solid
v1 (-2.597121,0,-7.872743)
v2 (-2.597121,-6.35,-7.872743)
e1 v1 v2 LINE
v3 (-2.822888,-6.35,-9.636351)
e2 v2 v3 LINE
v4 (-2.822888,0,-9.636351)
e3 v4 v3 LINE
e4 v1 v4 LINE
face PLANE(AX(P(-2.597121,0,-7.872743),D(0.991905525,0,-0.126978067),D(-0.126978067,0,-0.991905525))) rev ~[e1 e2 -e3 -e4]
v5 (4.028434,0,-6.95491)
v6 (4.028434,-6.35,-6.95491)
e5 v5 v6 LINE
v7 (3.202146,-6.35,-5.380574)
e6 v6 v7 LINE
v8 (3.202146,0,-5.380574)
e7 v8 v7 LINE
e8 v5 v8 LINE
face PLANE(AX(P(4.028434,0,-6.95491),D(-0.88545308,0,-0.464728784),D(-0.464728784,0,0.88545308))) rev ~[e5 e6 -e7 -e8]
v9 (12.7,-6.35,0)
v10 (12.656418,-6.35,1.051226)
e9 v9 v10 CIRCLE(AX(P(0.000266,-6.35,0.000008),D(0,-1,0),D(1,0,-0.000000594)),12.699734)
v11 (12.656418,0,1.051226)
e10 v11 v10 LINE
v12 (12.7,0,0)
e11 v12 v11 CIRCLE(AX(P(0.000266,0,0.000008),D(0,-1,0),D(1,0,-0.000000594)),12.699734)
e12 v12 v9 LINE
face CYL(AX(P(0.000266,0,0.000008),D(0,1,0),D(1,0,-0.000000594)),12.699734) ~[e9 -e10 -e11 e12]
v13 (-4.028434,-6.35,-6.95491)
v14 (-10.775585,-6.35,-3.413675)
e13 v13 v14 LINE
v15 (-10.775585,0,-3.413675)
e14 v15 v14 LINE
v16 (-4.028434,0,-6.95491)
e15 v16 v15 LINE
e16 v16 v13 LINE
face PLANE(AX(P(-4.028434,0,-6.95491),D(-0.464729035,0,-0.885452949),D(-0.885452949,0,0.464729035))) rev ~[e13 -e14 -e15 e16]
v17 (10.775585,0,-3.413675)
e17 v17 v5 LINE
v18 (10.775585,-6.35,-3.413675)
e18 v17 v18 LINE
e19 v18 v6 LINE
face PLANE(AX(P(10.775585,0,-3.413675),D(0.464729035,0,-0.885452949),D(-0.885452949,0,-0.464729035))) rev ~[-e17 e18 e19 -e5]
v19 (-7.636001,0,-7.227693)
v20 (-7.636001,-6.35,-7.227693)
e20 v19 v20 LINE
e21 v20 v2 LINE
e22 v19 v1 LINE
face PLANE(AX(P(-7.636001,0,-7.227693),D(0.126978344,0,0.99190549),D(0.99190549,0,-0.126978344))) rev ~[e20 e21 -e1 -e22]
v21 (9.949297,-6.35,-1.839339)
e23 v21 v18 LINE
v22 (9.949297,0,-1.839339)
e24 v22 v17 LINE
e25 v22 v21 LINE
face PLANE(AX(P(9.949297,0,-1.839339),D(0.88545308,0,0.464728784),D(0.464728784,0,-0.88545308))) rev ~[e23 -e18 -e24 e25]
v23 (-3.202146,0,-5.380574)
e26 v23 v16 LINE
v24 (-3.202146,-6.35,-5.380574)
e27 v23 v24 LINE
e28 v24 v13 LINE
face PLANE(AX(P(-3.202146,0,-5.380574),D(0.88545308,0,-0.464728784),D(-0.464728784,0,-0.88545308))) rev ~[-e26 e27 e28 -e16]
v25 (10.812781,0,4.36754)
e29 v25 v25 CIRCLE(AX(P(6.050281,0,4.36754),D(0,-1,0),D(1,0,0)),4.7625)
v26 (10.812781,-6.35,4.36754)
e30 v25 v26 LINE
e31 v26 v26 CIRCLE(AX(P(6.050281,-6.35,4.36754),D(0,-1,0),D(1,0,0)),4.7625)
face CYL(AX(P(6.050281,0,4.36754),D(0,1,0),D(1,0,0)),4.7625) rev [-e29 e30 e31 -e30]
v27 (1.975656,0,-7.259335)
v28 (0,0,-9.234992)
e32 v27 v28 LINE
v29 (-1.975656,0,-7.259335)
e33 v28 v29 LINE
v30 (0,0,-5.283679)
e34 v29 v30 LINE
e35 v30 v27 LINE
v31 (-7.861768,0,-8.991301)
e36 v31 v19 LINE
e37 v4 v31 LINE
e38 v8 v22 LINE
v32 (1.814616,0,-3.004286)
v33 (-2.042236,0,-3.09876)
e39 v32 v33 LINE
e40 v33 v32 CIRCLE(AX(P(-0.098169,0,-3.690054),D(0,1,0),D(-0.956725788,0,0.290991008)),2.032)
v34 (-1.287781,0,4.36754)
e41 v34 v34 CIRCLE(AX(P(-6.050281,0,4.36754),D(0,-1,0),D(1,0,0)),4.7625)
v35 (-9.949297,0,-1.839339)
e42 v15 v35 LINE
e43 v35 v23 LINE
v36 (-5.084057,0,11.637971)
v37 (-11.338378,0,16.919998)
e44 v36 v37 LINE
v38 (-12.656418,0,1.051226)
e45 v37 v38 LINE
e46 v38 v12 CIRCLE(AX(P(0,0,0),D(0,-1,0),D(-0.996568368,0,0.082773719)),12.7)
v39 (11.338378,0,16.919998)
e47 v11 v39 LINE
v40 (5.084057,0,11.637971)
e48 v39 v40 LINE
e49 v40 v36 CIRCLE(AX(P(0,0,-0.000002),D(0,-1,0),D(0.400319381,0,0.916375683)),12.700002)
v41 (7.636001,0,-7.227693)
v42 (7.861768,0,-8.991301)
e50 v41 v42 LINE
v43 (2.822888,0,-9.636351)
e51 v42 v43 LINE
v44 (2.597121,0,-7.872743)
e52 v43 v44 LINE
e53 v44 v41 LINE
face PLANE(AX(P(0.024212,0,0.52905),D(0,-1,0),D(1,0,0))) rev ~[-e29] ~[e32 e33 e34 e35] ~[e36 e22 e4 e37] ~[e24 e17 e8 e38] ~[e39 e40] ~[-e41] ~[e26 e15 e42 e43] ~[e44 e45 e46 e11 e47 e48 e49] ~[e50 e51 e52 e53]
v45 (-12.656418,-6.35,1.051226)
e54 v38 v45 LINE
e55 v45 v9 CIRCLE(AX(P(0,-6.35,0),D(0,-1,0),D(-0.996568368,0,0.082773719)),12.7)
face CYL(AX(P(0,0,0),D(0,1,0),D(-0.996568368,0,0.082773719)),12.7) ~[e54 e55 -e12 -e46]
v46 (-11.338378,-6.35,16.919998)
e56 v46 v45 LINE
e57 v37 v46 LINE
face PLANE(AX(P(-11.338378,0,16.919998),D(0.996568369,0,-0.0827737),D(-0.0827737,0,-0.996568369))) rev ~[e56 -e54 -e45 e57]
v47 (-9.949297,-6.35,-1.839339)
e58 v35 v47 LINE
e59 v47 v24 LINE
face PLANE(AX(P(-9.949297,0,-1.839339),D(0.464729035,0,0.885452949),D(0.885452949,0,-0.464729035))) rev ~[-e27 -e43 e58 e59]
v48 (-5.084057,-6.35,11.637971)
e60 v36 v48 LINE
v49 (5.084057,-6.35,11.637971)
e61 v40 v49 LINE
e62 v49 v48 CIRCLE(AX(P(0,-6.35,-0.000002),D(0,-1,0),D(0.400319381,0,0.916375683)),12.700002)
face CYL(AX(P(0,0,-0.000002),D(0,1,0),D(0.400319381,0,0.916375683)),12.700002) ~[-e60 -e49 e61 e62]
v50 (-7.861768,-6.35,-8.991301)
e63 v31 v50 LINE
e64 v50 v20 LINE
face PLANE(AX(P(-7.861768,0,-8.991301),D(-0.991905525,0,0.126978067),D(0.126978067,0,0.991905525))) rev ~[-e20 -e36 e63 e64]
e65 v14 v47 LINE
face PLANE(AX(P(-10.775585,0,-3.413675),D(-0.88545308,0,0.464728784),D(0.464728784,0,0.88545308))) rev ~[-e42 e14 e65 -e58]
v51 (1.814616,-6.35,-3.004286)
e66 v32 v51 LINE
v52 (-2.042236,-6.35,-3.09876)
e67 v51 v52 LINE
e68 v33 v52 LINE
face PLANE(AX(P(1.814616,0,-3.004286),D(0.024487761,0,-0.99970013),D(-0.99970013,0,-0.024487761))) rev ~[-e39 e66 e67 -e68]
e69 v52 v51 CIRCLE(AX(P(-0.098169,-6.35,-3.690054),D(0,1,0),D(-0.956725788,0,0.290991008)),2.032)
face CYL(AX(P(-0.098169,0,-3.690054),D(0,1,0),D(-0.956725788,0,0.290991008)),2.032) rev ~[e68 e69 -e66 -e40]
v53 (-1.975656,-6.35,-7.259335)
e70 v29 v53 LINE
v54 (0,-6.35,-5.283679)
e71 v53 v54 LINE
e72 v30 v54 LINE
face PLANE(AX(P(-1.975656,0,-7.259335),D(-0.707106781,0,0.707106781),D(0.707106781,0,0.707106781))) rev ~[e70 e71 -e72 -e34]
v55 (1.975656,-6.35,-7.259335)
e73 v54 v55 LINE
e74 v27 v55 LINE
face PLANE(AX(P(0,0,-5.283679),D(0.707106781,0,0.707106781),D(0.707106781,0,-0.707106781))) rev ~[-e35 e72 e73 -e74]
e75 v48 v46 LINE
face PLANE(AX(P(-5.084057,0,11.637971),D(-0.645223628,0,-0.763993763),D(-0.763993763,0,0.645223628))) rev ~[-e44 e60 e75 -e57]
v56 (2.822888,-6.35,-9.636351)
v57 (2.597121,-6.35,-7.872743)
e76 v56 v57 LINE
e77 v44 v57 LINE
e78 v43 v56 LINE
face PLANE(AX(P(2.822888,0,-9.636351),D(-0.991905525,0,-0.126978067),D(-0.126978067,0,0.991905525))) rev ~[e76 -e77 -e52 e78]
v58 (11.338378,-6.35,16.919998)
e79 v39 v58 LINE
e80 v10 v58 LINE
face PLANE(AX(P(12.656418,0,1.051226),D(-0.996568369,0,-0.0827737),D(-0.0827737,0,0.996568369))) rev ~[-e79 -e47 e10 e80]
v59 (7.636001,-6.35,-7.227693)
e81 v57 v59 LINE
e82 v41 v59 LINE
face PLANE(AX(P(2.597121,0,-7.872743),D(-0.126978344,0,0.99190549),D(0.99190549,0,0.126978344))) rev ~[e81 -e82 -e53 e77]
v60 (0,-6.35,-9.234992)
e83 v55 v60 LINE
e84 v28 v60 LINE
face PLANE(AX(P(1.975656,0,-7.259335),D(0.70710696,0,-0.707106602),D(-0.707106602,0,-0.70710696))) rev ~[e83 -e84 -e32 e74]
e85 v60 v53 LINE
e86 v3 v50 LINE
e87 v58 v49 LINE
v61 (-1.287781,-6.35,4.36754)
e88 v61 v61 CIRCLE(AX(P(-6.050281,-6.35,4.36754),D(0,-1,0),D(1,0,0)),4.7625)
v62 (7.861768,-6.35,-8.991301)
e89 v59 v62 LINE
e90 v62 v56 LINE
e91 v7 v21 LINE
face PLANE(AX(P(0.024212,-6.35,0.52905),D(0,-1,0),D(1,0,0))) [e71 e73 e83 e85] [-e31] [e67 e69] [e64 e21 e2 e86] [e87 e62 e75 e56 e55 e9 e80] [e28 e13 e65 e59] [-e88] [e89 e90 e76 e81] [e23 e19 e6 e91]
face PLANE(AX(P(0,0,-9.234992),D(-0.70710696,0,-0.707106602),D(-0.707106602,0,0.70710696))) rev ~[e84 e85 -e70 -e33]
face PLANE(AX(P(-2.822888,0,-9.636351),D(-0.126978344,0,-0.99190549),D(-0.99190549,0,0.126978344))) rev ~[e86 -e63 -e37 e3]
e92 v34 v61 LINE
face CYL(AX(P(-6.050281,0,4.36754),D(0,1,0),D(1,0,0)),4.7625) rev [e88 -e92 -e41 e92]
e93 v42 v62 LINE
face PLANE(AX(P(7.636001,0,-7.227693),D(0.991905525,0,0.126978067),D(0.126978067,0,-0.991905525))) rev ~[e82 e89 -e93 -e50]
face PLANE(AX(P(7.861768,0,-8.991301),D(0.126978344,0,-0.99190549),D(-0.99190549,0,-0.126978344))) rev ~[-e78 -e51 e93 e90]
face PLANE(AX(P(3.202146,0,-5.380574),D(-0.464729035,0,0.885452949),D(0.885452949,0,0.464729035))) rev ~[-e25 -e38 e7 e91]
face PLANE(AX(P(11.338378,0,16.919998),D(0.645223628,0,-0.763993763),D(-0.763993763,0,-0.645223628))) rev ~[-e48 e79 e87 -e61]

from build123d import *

# Parameters (mm, degrees)
F0_R     = 4.7625
F1_DEPTH = 6.35


with BuildPart() as f1:
    # F0 (on Front) → F1 (new body)
    with BuildSketch(Plane.XZ):
        with BuildLine():
            ThreePointArc((-12.656418, 1.051226), (-0.526064, -12.6891), (12.7, 0))
            ThreePointArc((12.7, 0), (12.6891, 0.526064), (12.656418, 1.051226))
            ThreePointArc((12.656418, 1.051226), (10.329613, 7.388443), (5.084057, 11.637971))
            ThreePointArc((5.084057, 11.637971), (0, 12.7), (-5.084057, 11.637971))
            ThreePointArc((-5.084057, 11.637971), (-10.329613, 7.388443), (-12.656418, 1.051226))
        make_face()
        Polygon((-7.636001, -7.227693), (-2.597121, -7.872743), (-2.822888, -9.636351), (-7.861768, -8.991301), align=None, mode=Mode.SUBTRACT)
        Polygon((-1.975656, -7.259335), (0, -5.283679), (1.975656, -7.259335), (0, -9.234992), align=None, mode=Mode.SUBTRACT)
        Polygon((-3.202146, -5.380574), (-4.028434, -6.95491), (-10.775585, -3.413675), (-9.949297, -1.839339), align=None, mode=Mode.SUBTRACT)
        with BuildLine():
            ThreePointArc((-2.042236, -3.09876), (-0.147928, -1.658663), (1.814616, -3.004286))
            Line((1.814616, -3.004286), (-2.042236, -3.09876))
        make_face(mode=Mode.SUBTRACT)
        Polygon((2.822888, -9.636351), (2.597121, -7.872743), (7.636001, -7.227693), (7.861768, -8.991301), align=None, mode=Mode.SUBTRACT)
        Polygon((10.775585, -3.413675), (4.028434, -6.95491), (3.202146, -5.380574), (9.949297, -1.839339), align=None, mode=Mode.SUBTRACT)
        with Locations((-6.050281, 4.36754)):
            Circle(F0_R, mode=Mode.SUBTRACT)
        with Locations((6.050281, 4.36754)):
            Circle(F0_R, mode=Mode.SUBTRACT)
        with BuildLine():
            ThreePointArc((5.084057, 11.637971), (10.329613, 7.388443), (12.656418, 1.051226))
            Line((12.656418, 1.051226), (11.338378, 16.919998))
            Line((11.338378, 16.919998), (5.084057, 11.637971))
        make_face()
        with BuildLine():
            Line((-11.338378, 16.919998), (-12.656418, 1.051226))
            ThreePointArc((-12.656418, 1.051226), (-10.329613, 7.388443), (-5.084057, 11.637971))
            Line((-5.084057, 11.637971), (-11.338378, 16.919998))
        make_face()
    extrude(amount=F1_DEPTH)


solid = f1.part
